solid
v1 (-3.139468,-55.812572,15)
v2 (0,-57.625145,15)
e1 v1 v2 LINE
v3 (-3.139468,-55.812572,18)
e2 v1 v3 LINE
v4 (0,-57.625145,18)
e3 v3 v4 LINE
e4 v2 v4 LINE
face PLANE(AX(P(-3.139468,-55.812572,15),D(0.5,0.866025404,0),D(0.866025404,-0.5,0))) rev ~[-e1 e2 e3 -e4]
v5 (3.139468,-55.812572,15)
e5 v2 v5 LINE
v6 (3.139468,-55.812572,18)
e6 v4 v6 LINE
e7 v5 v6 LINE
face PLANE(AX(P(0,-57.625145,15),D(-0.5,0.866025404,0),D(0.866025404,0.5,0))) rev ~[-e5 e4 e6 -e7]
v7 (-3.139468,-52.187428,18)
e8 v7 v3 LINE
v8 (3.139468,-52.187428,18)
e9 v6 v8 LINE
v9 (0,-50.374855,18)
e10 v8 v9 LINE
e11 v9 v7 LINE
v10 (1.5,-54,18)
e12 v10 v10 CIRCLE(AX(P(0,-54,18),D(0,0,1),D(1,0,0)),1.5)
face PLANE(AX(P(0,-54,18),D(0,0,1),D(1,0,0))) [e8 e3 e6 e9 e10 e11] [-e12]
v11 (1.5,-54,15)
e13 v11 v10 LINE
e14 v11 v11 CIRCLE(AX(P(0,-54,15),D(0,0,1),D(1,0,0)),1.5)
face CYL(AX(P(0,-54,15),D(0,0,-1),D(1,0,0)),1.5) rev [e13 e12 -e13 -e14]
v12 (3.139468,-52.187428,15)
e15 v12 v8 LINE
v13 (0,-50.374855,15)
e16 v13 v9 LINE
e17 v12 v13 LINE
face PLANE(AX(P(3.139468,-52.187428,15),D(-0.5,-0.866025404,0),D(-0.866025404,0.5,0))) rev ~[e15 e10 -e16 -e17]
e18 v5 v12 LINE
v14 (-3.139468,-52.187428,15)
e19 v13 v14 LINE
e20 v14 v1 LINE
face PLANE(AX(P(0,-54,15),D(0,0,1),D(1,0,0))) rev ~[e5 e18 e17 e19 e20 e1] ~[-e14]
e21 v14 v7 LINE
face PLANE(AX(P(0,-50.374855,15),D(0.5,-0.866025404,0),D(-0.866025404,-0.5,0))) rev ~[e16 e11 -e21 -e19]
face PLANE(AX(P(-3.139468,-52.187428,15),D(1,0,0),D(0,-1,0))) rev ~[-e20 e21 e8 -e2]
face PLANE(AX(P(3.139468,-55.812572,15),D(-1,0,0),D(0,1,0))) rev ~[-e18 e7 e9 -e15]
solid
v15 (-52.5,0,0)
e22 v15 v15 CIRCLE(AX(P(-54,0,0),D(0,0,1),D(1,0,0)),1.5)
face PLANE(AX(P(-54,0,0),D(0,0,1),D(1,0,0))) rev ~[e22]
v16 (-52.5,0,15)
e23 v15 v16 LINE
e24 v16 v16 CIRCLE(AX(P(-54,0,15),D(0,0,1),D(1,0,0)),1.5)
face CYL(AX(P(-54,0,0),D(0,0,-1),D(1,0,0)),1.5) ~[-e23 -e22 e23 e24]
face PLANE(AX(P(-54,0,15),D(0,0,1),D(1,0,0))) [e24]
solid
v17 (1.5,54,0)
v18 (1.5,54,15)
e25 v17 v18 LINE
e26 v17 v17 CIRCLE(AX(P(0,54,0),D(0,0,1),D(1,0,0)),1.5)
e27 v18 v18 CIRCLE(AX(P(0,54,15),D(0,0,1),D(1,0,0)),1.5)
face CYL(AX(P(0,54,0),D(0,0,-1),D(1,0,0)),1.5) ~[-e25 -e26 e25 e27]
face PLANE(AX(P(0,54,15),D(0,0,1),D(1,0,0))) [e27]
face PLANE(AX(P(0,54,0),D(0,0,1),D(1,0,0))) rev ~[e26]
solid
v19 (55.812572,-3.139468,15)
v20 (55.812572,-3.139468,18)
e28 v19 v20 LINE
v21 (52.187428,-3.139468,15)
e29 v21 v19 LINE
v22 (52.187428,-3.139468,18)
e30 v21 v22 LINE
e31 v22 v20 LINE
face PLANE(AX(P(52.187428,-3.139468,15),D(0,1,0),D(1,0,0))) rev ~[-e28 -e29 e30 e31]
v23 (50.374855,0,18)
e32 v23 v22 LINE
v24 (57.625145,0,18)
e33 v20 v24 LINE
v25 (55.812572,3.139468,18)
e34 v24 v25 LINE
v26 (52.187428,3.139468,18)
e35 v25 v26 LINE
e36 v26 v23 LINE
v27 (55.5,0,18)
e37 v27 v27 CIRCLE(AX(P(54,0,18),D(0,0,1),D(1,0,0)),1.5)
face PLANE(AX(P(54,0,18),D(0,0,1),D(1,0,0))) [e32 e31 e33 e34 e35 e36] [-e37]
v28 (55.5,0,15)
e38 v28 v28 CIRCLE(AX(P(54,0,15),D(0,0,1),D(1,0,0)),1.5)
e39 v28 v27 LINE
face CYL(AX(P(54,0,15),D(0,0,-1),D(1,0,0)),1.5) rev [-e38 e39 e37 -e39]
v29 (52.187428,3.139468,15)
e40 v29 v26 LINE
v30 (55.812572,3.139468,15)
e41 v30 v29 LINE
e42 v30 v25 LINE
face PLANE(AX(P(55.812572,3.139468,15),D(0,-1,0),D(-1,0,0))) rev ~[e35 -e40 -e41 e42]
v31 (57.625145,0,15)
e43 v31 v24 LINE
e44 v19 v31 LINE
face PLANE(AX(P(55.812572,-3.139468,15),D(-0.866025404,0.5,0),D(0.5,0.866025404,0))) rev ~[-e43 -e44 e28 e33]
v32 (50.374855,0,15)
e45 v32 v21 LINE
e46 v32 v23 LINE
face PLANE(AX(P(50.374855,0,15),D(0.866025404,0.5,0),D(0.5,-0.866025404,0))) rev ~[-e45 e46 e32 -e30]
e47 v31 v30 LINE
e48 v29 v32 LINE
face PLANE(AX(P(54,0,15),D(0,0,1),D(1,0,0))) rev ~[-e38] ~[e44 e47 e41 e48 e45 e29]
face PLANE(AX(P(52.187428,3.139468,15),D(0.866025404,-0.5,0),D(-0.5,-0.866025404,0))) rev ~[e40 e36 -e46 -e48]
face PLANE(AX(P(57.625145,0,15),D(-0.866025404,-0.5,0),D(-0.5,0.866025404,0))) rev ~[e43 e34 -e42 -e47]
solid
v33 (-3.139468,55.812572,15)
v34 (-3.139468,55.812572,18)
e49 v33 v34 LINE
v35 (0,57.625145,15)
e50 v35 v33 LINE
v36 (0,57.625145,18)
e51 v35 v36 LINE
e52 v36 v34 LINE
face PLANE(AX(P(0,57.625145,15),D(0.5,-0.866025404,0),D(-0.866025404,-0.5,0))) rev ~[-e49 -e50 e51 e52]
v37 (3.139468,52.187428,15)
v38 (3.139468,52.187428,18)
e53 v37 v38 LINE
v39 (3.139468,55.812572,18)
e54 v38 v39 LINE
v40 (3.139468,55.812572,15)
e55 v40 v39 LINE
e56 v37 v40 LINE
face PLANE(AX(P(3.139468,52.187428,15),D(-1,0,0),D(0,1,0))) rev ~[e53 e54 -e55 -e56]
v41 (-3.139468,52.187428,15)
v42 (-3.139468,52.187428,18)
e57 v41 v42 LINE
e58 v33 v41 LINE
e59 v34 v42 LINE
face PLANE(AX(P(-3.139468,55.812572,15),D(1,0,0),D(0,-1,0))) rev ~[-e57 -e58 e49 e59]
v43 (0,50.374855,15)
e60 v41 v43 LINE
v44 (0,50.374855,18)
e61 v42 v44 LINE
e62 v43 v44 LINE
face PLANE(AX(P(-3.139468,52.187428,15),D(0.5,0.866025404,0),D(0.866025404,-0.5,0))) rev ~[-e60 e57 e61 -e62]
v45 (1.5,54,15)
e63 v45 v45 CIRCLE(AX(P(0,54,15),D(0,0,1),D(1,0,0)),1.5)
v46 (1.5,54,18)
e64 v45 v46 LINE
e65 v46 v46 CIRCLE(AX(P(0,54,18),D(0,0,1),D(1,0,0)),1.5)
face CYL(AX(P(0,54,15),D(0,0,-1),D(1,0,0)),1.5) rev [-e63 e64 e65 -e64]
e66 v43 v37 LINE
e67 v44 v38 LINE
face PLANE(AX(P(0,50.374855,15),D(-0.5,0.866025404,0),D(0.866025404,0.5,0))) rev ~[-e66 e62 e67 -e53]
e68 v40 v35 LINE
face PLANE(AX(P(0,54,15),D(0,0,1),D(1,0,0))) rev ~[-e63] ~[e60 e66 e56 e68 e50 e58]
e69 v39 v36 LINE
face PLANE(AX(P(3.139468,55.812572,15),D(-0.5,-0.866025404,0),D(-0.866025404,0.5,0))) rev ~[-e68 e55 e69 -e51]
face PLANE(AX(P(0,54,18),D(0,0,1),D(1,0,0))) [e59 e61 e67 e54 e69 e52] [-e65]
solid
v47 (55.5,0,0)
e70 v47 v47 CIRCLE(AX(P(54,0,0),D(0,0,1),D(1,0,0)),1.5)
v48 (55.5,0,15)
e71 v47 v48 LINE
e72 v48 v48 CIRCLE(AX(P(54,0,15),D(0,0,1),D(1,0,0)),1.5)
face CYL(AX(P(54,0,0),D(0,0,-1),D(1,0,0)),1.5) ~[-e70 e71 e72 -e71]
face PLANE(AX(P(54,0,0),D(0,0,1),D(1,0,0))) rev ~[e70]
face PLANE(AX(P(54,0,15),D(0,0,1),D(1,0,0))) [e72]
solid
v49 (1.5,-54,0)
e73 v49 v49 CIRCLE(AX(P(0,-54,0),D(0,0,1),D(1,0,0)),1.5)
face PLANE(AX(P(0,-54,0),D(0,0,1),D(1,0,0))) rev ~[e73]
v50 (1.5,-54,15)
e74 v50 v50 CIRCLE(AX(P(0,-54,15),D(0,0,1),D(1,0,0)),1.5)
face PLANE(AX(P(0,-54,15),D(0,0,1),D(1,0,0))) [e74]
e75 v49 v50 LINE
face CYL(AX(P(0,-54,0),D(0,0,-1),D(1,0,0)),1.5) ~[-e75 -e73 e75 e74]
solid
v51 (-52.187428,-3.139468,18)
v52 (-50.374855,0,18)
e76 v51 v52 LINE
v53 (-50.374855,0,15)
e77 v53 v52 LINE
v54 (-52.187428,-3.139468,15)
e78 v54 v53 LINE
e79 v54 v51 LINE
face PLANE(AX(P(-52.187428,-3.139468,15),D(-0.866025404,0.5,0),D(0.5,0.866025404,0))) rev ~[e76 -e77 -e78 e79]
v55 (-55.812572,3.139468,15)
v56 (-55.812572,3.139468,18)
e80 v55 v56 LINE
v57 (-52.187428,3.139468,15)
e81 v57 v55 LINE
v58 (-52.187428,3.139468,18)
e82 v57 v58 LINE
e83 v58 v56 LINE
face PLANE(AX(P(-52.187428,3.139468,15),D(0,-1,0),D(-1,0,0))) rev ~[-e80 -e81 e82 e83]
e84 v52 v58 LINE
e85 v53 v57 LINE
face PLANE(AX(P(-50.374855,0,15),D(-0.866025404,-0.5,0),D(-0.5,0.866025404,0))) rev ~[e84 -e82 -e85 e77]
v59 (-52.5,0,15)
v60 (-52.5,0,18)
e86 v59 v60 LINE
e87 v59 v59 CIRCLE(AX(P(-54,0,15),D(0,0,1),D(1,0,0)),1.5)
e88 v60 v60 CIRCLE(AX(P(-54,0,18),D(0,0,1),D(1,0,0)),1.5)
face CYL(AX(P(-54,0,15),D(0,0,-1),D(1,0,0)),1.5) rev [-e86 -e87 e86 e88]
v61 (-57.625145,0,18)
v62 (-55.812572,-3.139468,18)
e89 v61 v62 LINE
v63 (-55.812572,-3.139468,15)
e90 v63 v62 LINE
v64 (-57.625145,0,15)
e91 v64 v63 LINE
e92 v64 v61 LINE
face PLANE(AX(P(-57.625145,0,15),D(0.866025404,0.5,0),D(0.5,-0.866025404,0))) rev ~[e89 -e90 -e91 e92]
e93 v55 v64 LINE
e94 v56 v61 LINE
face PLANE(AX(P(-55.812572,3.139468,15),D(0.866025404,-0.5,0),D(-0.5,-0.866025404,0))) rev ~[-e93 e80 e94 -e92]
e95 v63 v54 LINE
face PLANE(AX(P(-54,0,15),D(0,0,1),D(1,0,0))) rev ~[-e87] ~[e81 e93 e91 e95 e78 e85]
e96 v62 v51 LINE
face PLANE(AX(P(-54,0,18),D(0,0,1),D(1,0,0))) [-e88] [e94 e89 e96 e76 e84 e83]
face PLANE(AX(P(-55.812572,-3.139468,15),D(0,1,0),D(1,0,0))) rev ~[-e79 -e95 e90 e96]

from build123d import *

# Parameters (mm, degrees)
SKETCH2_R             = 1.5
BOSS_EXTRUDE1_DEPTH   = 15
BOSS_EXTRUDE1_2_DEPTH = 15
BOSS_EXTRUDE1_3_DEPTH = 15
BOSS_EXTRUDE1_4_DEPTH = 15
SKETCH3_R             = 1.5
BOSS_EXTRUDE2_DEPTH   = 3
BOSS_EXTRUDE2_2_DEPTH = 3
BOSS_EXTRUDE2_3_DEPTH = 3
BOSS_EXTRUDE2_4_DEPTH = 3


with BuildPart() as part:
    # Sketch2 → Boss-Extrude1 (new body)
    with BuildSketch(Plane.XY):
        with Locations((0, 54)):
            Circle(SKETCH2_R)
    extrude(amount=BOSS_EXTRUDE1_DEPTH)


with BuildPart() as body_2:
    # Sketch2 → Boss-Extrude1 2 (new body)
    with BuildSketch(Plane.XY):
        with Locations((54, 0)):
            Circle(SKETCH2_R)
    extrude(amount=BOSS_EXTRUDE1_2_DEPTH)


with BuildPart() as body_3:
    # Sketch2 → Boss-Extrude1 3 (new body)
    with BuildSketch(Plane.XY):
        with Locations((0, -54)):
            Circle(SKETCH2_R)
    extrude(amount=BOSS_EXTRUDE1_3_DEPTH)


with BuildPart() as body_4:
    # Sketch2 → Boss-Extrude1 4 (new body)
    with BuildSketch(Plane.XY):
        with Locations((-54, 0)):
            Circle(SKETCH2_R)
    extrude(amount=BOSS_EXTRUDE1_4_DEPTH)


with BuildPart() as body_5:
    # Sketch3 → Boss-Extrude2 (new body)
    with BuildSketch(Plane.XY.offset(15)):
        Polygon((55.812572411, -3.139467508), (57.625144822, 0), (55.812572411, 3.139467508), (52.187427589, 3.139467508), (50.374855178, 0), (52.187427589, -3.139467508), align=None)
        with Locations((54, 0)):
            Circle(SKETCH3_R, mode=Mode.SUBTRACT)
    extrude(amount=BOSS_EXTRUDE2_DEPTH)


with BuildPart() as body_6:
    # Sketch3 → Boss-Extrude2 2 (new body)
    with BuildSketch(Plane.XY.offset(15)):
        Polygon((3.139467508, 55.812572411), (0, 57.625144822), (-3.139467508, 55.812572411), (-3.139467508, 52.187427589), (0, 50.374855178), (3.139467508, 52.187427589), align=None)
        with Locations((0, 54)):
            Circle(SKETCH3_R, mode=Mode.SUBTRACT)
    extrude(amount=BOSS_EXTRUDE2_2_DEPTH)


with BuildPart() as body_7:
    # Sketch3 → Boss-Extrude2 3 (new body)
    with BuildSketch(Plane.XY.offset(15)):
        Polygon((-3.139467508, -55.812572411), (0, -57.625144822), (3.139467508, -55.812572411), (3.139467508, -52.187427589), (0, -50.374855178), (-3.139467508, -52.187427589), align=None)
        with Locations((0, -54)):
            Circle(SKETCH3_R, mode=Mode.SUBTRACT)
    extrude(amount=BOSS_EXTRUDE2_3_DEPTH)


with BuildPart() as body_8:
    # Sketch3 → Boss-Extrude2 4 (new body)
    with BuildSketch(Plane.XY.offset(15)):
        Polygon((-55.812572411, 3.139467508), (-57.625144822, 0), (-55.812572411, -3.139467508), (-52.187427589, -3.139467508), (-50.374855178, 0), (-52.187427589, 3.139467508), align=None)
        with Locations((-54, 0)):
            Circle(SKETCH3_R, mode=Mode.SUBTRACT)
    extrude(amount=BOSS_EXTRUDE2_4_DEPTH)


solid = Compound([part.part, body_2.part, body_3.part, body_4.part, body_5.part, body_6.part, body_7.part, body_8.part])
